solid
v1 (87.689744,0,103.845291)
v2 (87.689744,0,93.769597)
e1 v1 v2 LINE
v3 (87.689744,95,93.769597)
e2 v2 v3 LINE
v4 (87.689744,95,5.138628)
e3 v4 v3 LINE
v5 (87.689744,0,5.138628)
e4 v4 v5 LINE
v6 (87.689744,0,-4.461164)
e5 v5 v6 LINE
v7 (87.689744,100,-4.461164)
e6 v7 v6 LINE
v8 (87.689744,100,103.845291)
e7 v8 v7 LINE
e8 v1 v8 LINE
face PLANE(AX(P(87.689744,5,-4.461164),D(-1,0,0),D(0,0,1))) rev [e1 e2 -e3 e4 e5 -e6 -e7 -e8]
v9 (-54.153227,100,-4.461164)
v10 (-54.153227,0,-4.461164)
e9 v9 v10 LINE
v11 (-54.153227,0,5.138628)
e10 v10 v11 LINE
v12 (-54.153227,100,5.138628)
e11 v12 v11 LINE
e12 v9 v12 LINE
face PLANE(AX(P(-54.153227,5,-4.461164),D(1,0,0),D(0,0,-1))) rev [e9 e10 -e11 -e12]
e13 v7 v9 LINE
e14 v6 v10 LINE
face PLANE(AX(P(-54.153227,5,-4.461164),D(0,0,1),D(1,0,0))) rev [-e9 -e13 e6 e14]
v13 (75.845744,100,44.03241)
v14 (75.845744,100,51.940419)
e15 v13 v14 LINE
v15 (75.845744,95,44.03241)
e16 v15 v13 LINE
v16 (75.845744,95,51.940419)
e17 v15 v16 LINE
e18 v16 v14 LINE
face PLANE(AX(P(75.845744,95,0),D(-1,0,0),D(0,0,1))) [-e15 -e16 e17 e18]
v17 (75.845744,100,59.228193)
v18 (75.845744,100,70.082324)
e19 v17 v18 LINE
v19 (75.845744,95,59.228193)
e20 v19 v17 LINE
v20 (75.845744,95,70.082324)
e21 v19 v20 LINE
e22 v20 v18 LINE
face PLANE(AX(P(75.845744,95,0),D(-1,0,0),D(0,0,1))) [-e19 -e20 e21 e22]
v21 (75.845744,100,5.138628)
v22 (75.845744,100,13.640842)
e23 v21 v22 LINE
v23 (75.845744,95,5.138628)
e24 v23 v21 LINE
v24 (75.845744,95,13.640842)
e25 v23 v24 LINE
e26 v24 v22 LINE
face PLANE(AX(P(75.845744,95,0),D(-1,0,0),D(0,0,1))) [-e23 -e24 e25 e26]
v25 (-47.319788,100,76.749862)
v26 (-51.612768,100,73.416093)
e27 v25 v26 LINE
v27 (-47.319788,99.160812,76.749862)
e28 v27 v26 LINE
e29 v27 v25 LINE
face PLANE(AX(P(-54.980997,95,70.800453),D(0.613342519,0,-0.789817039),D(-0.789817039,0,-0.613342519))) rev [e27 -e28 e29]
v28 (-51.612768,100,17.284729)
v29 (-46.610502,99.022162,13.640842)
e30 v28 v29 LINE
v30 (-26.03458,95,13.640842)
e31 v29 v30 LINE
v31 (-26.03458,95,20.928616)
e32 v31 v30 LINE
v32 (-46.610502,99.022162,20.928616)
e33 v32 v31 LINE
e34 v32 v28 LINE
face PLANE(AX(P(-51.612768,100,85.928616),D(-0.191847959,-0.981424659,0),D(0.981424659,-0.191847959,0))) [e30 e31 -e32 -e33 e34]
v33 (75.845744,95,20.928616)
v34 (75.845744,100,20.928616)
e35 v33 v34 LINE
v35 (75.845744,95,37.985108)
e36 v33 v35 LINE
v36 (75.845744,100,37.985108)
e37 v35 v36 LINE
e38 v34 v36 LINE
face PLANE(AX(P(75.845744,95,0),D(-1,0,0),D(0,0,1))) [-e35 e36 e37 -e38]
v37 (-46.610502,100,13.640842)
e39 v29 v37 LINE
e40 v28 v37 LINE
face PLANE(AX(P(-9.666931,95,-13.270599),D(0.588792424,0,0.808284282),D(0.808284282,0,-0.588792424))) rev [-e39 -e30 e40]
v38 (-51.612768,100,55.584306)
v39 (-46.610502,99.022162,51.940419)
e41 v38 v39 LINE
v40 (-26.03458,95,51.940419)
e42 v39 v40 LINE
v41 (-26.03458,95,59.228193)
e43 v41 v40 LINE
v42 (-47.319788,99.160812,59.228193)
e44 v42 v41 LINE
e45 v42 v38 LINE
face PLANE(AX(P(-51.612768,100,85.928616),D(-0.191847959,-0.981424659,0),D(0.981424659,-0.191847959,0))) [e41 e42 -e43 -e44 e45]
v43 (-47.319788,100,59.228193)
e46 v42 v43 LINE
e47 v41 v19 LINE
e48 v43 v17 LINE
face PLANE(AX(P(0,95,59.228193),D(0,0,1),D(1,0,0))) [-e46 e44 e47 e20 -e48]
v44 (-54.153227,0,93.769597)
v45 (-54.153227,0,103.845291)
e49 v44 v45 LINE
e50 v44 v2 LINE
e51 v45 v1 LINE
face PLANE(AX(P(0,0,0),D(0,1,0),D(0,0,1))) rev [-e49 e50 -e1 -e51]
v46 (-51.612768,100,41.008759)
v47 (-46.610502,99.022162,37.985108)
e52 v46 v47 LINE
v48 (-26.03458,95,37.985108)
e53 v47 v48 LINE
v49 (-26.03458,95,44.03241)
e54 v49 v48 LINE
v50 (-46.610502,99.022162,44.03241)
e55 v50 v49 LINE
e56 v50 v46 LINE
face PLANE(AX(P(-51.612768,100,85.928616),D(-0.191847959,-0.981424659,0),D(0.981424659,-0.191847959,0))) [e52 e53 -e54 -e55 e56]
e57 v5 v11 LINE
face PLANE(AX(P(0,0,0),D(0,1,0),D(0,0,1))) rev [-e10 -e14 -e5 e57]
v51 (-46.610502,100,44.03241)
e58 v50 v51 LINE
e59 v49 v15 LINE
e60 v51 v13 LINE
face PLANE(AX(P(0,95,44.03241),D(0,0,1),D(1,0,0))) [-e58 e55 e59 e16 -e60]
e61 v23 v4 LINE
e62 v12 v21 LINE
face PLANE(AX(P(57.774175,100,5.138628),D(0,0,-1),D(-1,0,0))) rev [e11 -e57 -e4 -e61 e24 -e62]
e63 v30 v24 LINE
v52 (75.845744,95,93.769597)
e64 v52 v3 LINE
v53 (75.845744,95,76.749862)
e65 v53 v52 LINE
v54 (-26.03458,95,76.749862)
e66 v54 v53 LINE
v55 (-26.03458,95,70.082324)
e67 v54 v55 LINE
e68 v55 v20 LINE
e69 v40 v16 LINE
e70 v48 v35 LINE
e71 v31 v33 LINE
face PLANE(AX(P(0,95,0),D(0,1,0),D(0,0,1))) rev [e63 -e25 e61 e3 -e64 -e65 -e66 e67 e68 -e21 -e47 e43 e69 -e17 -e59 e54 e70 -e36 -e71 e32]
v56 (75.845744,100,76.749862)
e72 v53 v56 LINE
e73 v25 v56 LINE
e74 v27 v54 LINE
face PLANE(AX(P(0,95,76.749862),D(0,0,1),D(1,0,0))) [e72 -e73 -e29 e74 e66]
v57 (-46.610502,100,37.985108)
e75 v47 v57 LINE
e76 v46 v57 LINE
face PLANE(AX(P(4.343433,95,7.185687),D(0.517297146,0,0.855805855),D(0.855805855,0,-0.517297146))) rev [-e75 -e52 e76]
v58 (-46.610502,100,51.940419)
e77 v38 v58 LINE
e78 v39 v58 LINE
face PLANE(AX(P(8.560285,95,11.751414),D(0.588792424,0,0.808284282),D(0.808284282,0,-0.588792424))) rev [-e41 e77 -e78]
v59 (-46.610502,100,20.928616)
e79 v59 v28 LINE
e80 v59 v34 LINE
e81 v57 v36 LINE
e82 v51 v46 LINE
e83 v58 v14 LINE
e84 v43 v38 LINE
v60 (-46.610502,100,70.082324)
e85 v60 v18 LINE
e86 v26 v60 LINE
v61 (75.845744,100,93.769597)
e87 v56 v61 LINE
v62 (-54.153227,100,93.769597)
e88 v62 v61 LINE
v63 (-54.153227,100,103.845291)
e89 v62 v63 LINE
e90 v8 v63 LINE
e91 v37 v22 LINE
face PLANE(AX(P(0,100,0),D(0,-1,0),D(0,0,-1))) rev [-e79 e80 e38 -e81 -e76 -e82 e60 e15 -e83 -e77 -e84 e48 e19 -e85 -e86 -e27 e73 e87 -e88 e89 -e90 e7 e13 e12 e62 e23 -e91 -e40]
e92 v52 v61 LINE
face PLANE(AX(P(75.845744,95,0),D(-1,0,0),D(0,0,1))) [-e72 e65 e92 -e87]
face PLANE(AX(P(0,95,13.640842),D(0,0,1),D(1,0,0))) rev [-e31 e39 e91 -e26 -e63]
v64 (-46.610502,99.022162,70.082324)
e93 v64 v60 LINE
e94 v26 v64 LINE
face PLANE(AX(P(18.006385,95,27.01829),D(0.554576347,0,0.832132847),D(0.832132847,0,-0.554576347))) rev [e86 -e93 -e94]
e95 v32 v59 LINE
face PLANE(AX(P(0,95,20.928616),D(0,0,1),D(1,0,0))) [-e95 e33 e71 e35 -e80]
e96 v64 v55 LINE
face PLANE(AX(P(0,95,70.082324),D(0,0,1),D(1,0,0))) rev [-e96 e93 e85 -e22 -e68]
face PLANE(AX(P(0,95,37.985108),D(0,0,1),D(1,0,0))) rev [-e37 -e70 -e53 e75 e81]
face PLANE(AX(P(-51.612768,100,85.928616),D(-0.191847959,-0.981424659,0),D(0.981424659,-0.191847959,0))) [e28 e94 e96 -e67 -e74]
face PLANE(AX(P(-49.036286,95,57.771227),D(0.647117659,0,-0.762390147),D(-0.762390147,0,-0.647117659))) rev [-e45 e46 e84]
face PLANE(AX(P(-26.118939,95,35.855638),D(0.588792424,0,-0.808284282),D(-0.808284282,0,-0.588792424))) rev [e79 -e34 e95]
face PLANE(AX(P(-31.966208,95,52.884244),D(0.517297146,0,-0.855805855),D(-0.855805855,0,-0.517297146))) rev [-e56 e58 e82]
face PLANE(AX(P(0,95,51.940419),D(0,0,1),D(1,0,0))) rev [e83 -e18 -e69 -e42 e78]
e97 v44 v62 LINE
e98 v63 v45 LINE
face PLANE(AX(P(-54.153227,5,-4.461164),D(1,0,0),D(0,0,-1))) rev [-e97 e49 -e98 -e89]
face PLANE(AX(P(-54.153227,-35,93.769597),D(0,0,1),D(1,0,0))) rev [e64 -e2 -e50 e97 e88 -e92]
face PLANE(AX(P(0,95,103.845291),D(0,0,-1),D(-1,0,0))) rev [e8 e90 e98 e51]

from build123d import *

# Parameters (mm, degrees)
SKETCH1_W               = 141.842971217
SKETCH1_H               = 108.306454767
BOSS_EXTRUDE1_DEPTH     = 5
BOSS_EXTRUDE2_DEPTH     = 95
SKETCH3_W               = 111.927402264
SKETCH3_H               = 61.729715964
CUT_EXTRUDE1_DEPTH      = 95
SKETCH4_W               = 61.729715964
SKETCH4_H               = 100
CUT_EXTRUDE2_DEPTH      = 95
SKETCH5_W               = 141.842971217
SKETCH5_H               = 26.901252983
CUT_EXTRUDE3_DEPTH      = 135
BOSS_EXTRUDE3_DEPTH     = 5
CUT_EXTRUDE4_DEPTH      = 65
CUT_EXTRUDE4_DEPTH_BACK = 15


with BuildPart() as part:
    # Sketch1 → Boss-Extrude1 (new body)
    with BuildSketch(Plane(origin=(0, 0, 22.06567104), x_dir=(1, 0, 0), z_dir=(0, 1, 0))):
        with Locations((16.768258226, -27.626392649)):
            Rectangle(SKETCH1_W, SKETCH1_H)
    extrude(amount=BOSS_EXTRUDE1_DEPTH)

    # Sketch2 → Boss-Extrude2 (add)
    with BuildSketch(Plane(origin=(0, 5, 22.06567104), x_dir=(1, 0, 0), z_dir=(0, 1, 0))):
        Polygon((-54.153227383, -81.779620033), (87.689743834, -81.779620033), (87.689743834, -44.802673151), (87.689743834, 26.526834734), (57.774174881, 26.526834734), (-54.153227383, 26.526834734), (-54.153227383, 16.927042813), (57.774174881, 16.927042813), (57.774174881, -44.802673151), (-54.153227383, -44.802673151), align=None)
    extrude(amount=BOSS_EXTRUDE2_DEPTH)

    # Sketch3 → Cut-Extrude1 (cut)
    with BuildSketch(Plane(origin=(0, 5, 22.06567104), x_dir=(1, 0, 0), z_dir=(0, 1, 0))):
        with Locations((1.810473749, -13.937815169)):
            Rectangle(SKETCH3_W, SKETCH3_H)
    extrude(amount=-CUT_EXTRUDE1_DEPTH, mode=Mode.SUBTRACT)

    # Sketch4 → Cut-Extrude2 (cut)
    with BuildSketch(Plane(origin=(57.774174881, 0, 22.06567104), x_dir=(0, 0, 1), z_dir=(-1, 0, 0))):
        with Locations((13.937815169, 50)):
            Rectangle(SKETCH4_W, SKETCH4_H)
    extrude(amount=-CUT_EXTRUDE2_DEPTH, mode=Mode.SUBTRACT)


with BuildPart() as cut_extrude2_piece_1:
    # of the separate pieces the step leaves, piece 1, a body of its own (cut_extrude2_pieces)
    add(part.part.solids().sort_by_distance((-54.153227383, 100, 66.868344191))[0])

    # Sketch5 → Cut-Extrude3 (cut)
    with BuildSketch(Plane(origin=(0, 100, 0), x_dir=(1, 0, 0), z_dir=(0, 1, 0))):
        with Locations((16.768258226, -80.318970683)):
            Rectangle(SKETCH5_W, SKETCH5_H)
    extrude(amount=-CUT_EXTRUDE3_DEPTH, mode=Mode.SUBTRACT)



with BuildPart() as cut_extrude2_piece_2:
    # of the separate pieces the step leaves, piece 2, a body of its own (cut_extrude2_pieces)
    add(part.part.solids().sort_by_distance((-54.153227383, 0, -4.461163693))[0])


with BuildPart() as cut_extrude2_piece_1_1:
    add(cut_extrude2_piece_1.part)

    add(cut_extrude2_piece_2.part)  # Boss-Extrude3 merges Cut-Extrude2 piece 2
    # Sketch6 → Boss-Extrude3 (add)
    with BuildSketch(Plane(origin=(0, 100, 0), x_dir=(1, 0, 0), z_dir=(0, 1, 0))):
        Polygon((87.689743834, -103.845291074), (87.689743834, 4.461163693), (75.84574379, 4.461163693), (75.84574379, -13.640842184), (-46.610502058, -13.640842184), (-51.612768373, -17.284729089), (-46.610502058, -20.928615994), (75.84574379, -20.928615994), (75.84574379, -37.985107889), (-46.610502058, -37.985107889), (-51.612768373, -41.008758725), (-46.610502058, -44.032409561), (75.84574379, -44.032409561), (75.84574379, -51.94041944), (-46.610502058, -51.94041944), (-51.612768373, -55.584306345), (-47.3197879, -59.22819325), (75.84574379, -59.22819325), (75.84574379, -70.082324456), (-46.610502058, -70.082324456), (-51.612768373, -73.416093326), (-47.3197879, -76.749862197), (75.84574379, -76.749862197), (75.84574379, -103.845291074), align=None)
    extrude(amount=-BOSS_EXTRUDE3_DEPTH)

    # Sketch7 → Cut-Extrude4 (cut, two sides: drawn at the far end of the back side and taken through both)
    with BuildSketch(Plane.XY.offset(20.928615994).offset(-CUT_EXTRUDE4_DEPTH_BACK)):
        Polygon((-51.612768373, 100), (-26.03457971, 95), (-51.612768373, 95), align=None)
    extrude(amount=CUT_EXTRUDE4_DEPTH + CUT_EXTRUDE4_DEPTH_BACK, mode=Mode.SUBTRACT)


solid = cut_extrude2_piece_1_1.part
